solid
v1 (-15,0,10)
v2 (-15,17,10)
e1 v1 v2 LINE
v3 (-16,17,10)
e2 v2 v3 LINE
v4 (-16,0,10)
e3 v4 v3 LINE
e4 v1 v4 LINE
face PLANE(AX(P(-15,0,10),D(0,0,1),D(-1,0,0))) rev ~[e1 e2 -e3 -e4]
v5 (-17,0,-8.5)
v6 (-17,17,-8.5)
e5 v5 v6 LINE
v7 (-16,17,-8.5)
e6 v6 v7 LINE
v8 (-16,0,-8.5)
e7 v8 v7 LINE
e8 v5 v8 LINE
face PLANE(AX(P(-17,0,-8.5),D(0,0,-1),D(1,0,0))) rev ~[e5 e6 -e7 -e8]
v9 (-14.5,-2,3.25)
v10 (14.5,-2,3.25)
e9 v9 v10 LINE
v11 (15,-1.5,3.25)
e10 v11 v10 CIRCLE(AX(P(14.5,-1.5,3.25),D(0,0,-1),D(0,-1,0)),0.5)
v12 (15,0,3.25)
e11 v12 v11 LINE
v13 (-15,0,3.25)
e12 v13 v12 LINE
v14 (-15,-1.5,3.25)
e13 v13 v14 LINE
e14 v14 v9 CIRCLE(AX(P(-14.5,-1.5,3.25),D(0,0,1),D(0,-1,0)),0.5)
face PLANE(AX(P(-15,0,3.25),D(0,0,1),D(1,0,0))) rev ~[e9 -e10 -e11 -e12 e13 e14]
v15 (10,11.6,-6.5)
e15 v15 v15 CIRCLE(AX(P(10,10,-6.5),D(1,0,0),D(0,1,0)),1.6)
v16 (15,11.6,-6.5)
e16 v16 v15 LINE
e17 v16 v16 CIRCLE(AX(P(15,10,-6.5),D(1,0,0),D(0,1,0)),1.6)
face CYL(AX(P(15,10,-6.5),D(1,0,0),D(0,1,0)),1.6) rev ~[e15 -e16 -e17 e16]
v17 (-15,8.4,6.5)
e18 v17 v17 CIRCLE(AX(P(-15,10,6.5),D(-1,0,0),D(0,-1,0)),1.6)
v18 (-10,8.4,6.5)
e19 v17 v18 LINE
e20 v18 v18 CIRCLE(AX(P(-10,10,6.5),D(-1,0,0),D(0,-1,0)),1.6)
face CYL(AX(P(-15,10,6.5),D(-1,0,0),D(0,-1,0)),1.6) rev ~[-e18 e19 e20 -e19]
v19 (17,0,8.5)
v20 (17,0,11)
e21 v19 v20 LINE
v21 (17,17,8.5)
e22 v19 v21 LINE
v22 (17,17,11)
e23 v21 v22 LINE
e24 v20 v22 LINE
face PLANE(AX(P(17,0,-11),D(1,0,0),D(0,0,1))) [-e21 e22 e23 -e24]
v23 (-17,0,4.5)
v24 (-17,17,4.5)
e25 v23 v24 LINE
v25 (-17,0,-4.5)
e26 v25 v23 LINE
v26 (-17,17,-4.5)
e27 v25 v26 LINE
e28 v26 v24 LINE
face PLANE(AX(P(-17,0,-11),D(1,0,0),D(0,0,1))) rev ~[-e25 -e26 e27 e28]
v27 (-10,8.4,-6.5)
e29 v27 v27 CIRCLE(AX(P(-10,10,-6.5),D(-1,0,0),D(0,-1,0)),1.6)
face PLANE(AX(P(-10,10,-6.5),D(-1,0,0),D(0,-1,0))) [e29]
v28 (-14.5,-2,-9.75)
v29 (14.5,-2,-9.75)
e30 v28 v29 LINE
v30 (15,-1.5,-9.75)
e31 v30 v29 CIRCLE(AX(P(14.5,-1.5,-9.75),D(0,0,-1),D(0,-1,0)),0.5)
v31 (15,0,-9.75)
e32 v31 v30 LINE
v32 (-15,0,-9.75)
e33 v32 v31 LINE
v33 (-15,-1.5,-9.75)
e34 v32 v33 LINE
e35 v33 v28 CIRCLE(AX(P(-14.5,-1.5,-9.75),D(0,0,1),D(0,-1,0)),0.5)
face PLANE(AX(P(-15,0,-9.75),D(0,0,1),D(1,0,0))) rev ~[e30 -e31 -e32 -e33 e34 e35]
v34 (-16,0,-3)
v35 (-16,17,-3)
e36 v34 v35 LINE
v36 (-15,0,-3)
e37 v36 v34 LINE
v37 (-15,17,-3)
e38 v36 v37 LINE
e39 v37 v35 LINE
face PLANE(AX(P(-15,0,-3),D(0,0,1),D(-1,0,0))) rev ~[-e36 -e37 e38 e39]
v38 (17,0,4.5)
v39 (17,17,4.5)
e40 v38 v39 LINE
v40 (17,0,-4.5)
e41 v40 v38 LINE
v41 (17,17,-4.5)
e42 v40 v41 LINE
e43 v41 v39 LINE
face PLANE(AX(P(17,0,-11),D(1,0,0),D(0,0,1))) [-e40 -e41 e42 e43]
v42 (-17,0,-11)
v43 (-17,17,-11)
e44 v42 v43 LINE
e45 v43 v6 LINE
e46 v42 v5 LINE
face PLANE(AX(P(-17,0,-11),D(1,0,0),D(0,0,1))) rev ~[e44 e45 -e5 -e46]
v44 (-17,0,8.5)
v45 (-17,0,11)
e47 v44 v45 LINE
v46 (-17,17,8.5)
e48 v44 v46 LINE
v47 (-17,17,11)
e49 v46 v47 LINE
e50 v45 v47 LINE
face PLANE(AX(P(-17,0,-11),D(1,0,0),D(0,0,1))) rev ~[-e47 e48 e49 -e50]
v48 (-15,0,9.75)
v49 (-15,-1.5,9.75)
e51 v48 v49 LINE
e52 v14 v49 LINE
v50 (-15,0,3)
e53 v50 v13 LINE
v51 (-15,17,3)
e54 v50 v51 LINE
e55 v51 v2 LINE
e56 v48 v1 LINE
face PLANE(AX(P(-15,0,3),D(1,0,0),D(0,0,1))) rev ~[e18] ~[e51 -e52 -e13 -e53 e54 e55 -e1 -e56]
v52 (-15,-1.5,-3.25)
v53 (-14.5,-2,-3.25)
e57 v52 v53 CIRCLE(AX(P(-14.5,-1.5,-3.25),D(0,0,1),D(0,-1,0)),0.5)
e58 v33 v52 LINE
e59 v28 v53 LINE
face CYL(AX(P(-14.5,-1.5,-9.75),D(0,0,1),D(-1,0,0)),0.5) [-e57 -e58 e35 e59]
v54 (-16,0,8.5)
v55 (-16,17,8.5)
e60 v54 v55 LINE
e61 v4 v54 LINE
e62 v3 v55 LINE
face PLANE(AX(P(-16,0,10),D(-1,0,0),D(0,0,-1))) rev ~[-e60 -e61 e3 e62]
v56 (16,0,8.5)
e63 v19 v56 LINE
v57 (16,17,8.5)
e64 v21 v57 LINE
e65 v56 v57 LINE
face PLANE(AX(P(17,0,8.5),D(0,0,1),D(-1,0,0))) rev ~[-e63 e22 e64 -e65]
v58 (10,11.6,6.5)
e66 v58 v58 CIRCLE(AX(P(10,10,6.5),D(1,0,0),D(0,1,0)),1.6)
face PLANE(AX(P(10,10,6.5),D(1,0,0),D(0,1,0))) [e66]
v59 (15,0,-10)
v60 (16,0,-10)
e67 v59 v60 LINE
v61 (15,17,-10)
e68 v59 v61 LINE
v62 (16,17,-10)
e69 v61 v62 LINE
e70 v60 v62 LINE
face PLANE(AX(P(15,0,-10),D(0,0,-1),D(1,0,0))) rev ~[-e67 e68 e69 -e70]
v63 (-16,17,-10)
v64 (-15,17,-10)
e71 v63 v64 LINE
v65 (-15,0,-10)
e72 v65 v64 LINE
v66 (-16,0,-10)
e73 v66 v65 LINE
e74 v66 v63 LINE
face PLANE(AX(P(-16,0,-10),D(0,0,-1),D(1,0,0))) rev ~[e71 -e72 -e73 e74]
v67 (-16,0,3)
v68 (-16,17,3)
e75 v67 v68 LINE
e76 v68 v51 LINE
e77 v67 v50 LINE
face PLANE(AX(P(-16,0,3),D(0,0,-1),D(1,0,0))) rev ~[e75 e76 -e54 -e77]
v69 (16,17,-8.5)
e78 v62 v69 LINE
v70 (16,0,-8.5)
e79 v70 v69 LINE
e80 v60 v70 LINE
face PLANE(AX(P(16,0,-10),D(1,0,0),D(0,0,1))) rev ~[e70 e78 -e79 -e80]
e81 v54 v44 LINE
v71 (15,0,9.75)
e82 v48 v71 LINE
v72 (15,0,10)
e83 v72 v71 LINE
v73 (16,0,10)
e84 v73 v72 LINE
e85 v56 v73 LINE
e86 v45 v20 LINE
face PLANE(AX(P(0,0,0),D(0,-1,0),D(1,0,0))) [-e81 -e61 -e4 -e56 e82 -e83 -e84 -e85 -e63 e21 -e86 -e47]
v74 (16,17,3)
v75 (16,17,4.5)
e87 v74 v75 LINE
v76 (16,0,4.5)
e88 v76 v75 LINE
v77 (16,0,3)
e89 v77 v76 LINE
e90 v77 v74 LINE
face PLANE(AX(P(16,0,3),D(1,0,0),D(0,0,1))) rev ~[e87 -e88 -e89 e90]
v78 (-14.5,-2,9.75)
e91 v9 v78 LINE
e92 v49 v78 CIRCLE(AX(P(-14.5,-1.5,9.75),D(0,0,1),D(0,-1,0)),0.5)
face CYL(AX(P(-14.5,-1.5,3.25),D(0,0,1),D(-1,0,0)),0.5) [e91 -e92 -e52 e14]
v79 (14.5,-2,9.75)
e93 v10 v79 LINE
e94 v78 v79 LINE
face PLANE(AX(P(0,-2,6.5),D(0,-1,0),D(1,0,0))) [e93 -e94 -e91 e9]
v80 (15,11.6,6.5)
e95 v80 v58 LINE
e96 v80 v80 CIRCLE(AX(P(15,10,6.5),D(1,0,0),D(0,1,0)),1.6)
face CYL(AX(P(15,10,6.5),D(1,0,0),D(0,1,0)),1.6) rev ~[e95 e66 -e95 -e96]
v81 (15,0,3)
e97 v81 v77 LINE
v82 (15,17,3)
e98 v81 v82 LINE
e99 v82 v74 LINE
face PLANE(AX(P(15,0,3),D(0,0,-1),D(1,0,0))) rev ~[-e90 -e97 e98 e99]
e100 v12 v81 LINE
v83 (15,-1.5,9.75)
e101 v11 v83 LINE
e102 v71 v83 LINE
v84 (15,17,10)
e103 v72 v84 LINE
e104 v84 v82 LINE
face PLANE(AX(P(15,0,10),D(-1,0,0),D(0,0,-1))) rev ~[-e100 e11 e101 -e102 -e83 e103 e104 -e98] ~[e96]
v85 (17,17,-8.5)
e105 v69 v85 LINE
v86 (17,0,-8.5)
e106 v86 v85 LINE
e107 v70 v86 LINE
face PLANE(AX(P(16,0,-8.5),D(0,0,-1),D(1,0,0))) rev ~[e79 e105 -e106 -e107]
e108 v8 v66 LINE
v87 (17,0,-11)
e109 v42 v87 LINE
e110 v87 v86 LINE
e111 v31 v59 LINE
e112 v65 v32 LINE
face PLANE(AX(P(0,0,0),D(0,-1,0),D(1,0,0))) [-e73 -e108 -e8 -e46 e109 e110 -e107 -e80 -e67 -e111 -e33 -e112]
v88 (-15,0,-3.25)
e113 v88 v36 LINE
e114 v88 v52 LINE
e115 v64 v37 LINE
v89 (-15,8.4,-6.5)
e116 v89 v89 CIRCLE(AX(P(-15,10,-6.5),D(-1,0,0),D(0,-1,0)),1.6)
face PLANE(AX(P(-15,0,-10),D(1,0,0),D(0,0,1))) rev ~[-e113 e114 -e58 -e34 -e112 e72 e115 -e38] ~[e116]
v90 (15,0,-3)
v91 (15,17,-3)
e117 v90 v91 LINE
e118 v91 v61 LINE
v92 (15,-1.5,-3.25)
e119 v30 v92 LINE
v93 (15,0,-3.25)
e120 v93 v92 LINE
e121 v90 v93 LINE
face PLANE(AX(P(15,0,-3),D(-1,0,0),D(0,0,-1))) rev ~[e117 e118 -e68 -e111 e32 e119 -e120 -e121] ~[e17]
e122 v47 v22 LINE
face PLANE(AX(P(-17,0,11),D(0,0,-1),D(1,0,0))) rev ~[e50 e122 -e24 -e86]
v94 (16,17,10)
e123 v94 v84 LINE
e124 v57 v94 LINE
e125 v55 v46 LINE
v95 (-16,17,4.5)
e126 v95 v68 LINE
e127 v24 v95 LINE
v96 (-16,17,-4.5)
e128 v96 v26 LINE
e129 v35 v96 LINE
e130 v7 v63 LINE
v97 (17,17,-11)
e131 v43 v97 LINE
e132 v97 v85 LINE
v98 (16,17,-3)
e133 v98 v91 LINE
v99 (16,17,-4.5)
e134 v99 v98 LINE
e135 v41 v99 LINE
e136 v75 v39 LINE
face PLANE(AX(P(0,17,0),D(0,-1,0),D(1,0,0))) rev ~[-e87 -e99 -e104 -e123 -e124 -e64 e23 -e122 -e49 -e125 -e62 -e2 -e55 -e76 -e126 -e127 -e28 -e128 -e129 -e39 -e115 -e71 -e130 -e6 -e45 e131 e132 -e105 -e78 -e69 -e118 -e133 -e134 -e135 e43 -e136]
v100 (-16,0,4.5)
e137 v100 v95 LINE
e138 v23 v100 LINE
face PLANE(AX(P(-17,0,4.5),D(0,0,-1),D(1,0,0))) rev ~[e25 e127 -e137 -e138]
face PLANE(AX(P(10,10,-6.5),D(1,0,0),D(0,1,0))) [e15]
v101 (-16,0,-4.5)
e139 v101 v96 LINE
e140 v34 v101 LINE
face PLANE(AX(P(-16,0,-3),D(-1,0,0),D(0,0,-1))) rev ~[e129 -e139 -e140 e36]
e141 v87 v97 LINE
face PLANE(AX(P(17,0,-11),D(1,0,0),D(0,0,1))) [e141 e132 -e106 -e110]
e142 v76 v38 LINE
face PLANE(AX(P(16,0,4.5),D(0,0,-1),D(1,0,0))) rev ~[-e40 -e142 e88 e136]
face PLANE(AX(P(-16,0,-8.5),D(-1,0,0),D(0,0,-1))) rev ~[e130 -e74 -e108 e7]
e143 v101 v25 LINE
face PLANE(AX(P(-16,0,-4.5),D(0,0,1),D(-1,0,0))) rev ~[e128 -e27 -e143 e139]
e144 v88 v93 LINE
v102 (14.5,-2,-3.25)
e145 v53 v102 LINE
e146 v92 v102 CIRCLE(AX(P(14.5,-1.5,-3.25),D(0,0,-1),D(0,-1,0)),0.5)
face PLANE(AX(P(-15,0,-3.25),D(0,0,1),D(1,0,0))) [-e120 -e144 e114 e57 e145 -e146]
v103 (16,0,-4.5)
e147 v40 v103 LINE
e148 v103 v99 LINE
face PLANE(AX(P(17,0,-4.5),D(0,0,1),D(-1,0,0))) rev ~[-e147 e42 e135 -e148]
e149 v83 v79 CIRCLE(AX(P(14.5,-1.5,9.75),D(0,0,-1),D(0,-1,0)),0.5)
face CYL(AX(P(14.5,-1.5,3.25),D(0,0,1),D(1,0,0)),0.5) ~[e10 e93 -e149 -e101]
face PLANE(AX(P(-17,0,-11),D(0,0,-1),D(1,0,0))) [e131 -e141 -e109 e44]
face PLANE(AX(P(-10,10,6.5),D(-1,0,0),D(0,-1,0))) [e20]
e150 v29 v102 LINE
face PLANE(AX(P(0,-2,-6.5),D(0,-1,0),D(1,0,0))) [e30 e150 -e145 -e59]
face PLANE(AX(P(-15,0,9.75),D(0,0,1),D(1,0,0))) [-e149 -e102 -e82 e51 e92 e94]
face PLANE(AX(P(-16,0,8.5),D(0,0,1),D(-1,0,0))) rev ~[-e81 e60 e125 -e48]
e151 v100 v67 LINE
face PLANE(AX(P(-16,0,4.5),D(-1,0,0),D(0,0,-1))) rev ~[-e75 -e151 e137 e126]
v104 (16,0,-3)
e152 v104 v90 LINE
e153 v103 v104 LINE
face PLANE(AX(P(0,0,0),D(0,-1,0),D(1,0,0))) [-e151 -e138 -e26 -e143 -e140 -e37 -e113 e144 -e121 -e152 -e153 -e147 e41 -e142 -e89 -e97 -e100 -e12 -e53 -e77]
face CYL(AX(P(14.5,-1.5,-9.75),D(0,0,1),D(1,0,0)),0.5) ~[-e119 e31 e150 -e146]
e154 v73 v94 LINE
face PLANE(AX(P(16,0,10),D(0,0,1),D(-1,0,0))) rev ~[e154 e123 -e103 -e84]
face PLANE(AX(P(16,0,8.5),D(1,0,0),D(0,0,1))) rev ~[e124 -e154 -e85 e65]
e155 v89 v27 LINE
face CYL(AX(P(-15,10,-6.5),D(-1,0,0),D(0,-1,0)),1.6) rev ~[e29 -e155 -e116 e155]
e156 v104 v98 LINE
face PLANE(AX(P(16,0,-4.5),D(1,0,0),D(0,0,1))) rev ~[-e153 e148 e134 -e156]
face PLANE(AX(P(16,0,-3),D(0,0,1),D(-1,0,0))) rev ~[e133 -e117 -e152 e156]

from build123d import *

# Parameters (mm, degrees)
F0_W      = 34
F0_H      = 22
F1_DEPTH  = 17
F3_DEPTH  = 17.001
F4_W      = 30
F4_H      = 6.5
F5_DEPTH  = 2
F7_R      = 1.6
F8_DEPTH  = 5
F10_R     = 1.6
F11_DEPTH = 5
F12_R     = 0.5


with BuildPart() as f1:
    # F0 (on Front) → F1 (new body)
    with BuildSketch(Plane.XZ):
        Rectangle(F0_W, F0_H)
    extrude(amount=-F1_DEPTH)

    # F2 (on face) → F3 (cut, through all)
    with BuildSketch(Plane.XZ):
        Polygon((-16, 8.5), (-17, 8.5), (-17, 4.5), (-16, 4.5), (-16, 3), (-15, 3), (-15, 10), (-16, 10), align=None)
        Polygon((15, 10), (15, 3), (16, 3), (16, 4.5), (17, 4.5), (17, 8.5), (16, 8.5), (16, 10), align=None)
        Polygon((17, -4.5), (16, -4.5), (16, -3), (15, -3), (15, -10), (16, -10), (16, -8.5), (17, -8.5), align=None)
        Polygon((-17, -4.5), (-17, -8.5), (-16, -8.5), (-16, -10), (-15, -10), (-15, -3), (-16, -3), (-16, -4.5), align=None)
    extrude(amount=-F3_DEPTH, mode=Mode.SUBTRACT)

    # F4 (on face) → F5 (join)
    with BuildSketch(Plane.XZ):
        with Locations((0, 6.5)):
            Rectangle(F4_W, F4_H)
        with Locations((0, -6.5)):
            Rectangle(F4_W, F4_H)
    extrude(amount=F5_DEPTH)

    # F7 (on offset) → F8 (cut)
    with BuildSketch(Plane(origin=(-15, 0, 0), x_dir=(0, -1, 0), z_dir=(-1, 0, 0))):
        with Locations((-10, 6.5)):
            Circle(F7_R)
        with Locations((-10, -6.5)):
            Circle(F7_R)
    extrude(amount=-F8_DEPTH, mode=Mode.SUBTRACT)

    # F10 (on offset) → F11 (cut)
    with BuildSketch(Plane.YZ.offset(15)):
        with Locations((10, 6.5)):
            Circle(F10_R)
        with Locations((10, -6.5)):
            Circle(F10_R)
    extrude(amount=-F11_DEPTH, mode=Mode.SUBTRACT)

    # F12
    f12_edges = [f1.edges().sort_by_distance(p)[0] for p in [
        (15, -2, 6.5),
        (-15, -2, 6.5),
        (15, -2, -6.5),
        (-15, -2, -6.5),
    ]]
    fillet(f12_edges, radius=F12_R)


solid = f1.part
